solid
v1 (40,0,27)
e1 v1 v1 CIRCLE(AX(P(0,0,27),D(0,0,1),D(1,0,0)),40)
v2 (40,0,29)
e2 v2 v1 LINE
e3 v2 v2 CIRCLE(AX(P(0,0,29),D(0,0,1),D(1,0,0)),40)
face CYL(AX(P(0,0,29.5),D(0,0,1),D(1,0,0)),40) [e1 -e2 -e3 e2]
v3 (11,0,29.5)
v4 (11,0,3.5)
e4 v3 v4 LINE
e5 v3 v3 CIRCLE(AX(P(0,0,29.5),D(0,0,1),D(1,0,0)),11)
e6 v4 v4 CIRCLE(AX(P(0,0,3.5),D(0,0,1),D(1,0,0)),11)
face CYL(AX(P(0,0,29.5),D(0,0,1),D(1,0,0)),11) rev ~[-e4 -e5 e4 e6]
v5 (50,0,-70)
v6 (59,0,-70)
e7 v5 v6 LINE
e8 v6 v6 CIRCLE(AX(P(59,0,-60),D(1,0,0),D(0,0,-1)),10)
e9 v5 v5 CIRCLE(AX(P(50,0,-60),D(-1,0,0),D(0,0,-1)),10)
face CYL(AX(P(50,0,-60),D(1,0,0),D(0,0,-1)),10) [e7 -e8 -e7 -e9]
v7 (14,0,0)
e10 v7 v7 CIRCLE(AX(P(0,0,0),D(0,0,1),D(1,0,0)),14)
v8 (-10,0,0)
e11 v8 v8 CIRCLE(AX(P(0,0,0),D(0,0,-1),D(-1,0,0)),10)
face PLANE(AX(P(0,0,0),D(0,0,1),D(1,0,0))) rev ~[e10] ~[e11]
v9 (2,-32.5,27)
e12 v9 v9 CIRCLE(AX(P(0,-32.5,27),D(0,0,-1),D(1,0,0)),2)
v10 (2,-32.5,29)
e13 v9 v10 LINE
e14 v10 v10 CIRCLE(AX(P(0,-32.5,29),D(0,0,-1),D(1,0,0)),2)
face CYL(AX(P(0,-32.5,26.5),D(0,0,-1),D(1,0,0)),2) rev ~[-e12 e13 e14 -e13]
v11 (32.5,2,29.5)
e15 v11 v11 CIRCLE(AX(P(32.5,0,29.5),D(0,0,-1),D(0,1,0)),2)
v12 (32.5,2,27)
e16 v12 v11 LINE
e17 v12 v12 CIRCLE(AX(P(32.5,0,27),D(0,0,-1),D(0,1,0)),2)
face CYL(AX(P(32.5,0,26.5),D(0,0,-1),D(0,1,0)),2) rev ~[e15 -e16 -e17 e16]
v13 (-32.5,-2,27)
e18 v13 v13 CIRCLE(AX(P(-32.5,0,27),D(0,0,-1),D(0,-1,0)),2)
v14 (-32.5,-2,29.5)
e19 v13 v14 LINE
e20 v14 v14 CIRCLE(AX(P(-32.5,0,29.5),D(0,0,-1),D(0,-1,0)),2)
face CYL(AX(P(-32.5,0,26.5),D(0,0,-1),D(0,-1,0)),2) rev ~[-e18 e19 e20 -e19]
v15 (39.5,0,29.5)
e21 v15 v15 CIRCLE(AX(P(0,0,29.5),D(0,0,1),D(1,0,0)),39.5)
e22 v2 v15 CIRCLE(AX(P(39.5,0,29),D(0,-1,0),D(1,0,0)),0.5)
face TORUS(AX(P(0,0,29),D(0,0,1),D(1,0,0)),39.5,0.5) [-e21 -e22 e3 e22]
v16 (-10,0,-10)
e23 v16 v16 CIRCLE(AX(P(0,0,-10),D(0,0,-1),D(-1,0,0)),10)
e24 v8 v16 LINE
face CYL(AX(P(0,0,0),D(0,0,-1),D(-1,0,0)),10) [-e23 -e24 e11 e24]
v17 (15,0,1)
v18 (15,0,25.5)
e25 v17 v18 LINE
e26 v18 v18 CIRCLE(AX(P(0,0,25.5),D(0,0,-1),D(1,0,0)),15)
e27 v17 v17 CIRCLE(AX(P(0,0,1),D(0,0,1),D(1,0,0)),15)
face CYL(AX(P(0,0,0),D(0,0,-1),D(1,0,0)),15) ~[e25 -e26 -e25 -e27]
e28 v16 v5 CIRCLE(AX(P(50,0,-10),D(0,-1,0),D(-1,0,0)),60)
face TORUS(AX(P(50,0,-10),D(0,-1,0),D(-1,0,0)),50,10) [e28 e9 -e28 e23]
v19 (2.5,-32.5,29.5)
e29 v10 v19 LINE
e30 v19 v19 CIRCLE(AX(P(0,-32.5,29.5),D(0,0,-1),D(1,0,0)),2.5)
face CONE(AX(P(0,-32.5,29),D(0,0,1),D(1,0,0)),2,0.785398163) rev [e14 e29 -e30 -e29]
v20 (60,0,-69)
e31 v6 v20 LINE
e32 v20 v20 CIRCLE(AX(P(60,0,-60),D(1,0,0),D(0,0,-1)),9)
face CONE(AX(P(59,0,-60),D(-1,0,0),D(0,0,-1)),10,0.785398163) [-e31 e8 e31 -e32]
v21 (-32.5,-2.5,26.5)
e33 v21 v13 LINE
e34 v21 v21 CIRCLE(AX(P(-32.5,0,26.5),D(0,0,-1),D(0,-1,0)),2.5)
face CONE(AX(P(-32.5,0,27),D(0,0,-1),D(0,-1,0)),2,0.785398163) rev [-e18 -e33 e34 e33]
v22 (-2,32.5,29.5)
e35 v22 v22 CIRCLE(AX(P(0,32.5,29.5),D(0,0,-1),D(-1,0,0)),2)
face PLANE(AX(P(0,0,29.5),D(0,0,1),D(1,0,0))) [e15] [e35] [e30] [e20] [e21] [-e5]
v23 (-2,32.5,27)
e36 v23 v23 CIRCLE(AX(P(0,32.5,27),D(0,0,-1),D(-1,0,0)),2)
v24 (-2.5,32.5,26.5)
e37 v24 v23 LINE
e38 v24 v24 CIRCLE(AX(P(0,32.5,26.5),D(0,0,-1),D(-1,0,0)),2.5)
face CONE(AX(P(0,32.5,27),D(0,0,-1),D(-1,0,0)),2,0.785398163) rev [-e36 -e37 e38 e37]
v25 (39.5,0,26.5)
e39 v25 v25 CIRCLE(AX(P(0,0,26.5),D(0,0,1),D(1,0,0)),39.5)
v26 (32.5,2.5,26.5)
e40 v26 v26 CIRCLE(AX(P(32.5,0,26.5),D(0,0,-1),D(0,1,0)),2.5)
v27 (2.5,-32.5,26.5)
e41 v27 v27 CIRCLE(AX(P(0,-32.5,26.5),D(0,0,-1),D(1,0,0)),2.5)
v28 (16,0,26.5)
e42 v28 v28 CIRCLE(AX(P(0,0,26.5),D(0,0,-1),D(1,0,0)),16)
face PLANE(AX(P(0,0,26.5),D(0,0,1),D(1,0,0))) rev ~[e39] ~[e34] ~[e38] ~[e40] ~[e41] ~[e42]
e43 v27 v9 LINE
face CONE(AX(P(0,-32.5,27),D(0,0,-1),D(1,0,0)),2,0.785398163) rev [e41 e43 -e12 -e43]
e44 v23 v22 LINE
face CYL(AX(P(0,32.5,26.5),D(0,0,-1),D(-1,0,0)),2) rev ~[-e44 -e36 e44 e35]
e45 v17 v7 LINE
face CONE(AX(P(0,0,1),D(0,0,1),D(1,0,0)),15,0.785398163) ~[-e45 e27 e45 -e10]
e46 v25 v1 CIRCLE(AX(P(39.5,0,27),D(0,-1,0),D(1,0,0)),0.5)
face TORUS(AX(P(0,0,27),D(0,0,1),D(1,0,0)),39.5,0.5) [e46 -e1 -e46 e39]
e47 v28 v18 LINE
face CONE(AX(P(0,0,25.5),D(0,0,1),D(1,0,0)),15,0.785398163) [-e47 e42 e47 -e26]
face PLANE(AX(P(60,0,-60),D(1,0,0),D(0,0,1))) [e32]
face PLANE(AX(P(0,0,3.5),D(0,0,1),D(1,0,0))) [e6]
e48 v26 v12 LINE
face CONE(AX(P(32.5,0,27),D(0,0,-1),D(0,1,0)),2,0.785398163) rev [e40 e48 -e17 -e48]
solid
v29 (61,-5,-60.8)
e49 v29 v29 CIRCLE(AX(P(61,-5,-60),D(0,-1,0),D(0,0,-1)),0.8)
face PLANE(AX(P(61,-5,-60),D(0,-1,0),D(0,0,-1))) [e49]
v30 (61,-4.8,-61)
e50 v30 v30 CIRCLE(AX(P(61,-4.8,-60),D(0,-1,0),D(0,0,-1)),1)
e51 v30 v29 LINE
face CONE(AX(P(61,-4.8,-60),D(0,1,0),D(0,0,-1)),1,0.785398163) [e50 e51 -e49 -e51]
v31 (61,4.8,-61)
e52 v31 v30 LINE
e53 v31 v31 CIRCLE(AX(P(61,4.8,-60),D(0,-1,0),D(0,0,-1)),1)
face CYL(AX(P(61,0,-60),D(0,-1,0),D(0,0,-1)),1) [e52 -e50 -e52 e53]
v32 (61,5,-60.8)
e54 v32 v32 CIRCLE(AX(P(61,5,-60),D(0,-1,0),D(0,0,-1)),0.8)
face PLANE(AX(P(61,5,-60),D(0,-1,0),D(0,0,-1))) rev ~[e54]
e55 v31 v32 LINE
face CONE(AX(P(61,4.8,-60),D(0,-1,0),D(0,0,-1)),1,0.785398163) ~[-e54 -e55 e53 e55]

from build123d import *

# Parameters (mm, degrees)
SKETCH1_R           = 15
BOSS_EXTRUDE1_DEPTH = 29.5
SKETCH2_R           = 40
BOSS_EXTRUDE2_DEPTH = 3
CHAMFER1_SIZE       = 1
SKETCH3_R           = 11
CUT_EXTRUDE1_DEPTH  = 26
FILLET1_R           = 0.5
SKETCH4_R           = 2
CUT_EXTRUDE2_DEPTH  = 26
CIRPATTERN1_COUNT   = 4
CHAMFER2_SIZE       = 0.5
SKETCH6_R           = 10
CHAMFER3_SIZE       = 1
SKETCH7_R           = 1
BOSS_EXTRUDE3_DEPTH = 5
CHAMFER4_SIZE       = 0.2


with BuildPart() as part:
    # Sketch1 → Boss-Extrude1 (new body)
    with BuildSketch(Plane.XY):
        Circle(SKETCH1_R)
    extrude(amount=BOSS_EXTRUDE1_DEPTH)

    # Sketch2 → Boss-Extrude2 (add)
    with BuildSketch(Plane.XY.offset(29.5)):
        Circle(SKETCH2_R)
    extrude(amount=-BOSS_EXTRUDE2_DEPTH)

    # Chamfer1
    chamfer1_edges = [part.edges().sort_by_distance(p)[0] for p in [
        (-15, 0, 0),
        (-15, 0, 26.5),
    ]]
    chamfer(chamfer1_edges, length=CHAMFER1_SIZE)

    # Sketch3 → Cut-Extrude1 (cut)
    with BuildSketch(Plane.XY.offset(29.5)):
        Circle(SKETCH3_R)
    extrude(amount=-CUT_EXTRUDE1_DEPTH, mode=Mode.SUBTRACT)

    # Fillet1
    fillet1_edges = [part.edges().sort_by_distance(p)[0] for p in [
        (-40, 0, 26.5),
        (-40, 0, 29.5),
    ]]
    fillet(fillet1_edges, radius=FILLET1_R)

    # Sketch4 → Cut-Extrude2 (cut)
    with BuildSketch(Plane(origin=(0, 0, 26.5), x_dir=(-1, 0, 0), z_dir=(0, 0, -1))):
        with Locations((0, 32.5)):
            Circle(SKETCH4_R)
    cut_extrude2 = extrude(amount=-CUT_EXTRUDE2_DEPTH, mode=Mode.SUBTRACT)

    # CirPattern1: Cut-Extrude2 ×4 about axis
    cirpattern1_axis = Axis((0, 0, 0), (0, 0, 1))
    for i in range(1, CIRPATTERN1_COUNT):
        add(cut_extrude2.rotate(cirpattern1_axis, i * 360 / CIRPATTERN1_COUNT), mode=Mode.SUBTRACT)

    # Chamfer2
    chamfer2_edges = [part.edges().sort_by_distance(p)[0] for p in [
        (2, 32.5, 26.5),
        (32.5, -2, 26.5),
        (-2, -32.5, 29.5),
        (-2, -32.5, 26.5),
        (-32.5, 2, 26.5),
    ]]
    chamfer(chamfer2_edges, length=CHAMFER2_SIZE)

    # Sweep1: sweep along a path in Sketch5
    with BuildLine(Plane(origin=(0, 0, 0), x_dir=(1, 0, 0), z_dir=(0, 1, 0))) as sweep1_path:
        Line((0, 0), (0, 10))
        ThreePointArc((0, 10), (14.644660941, 45.355339059), (50, 60))
        Line((50, 60), (60, 60))
    # Sketch6 → Sweep1 (sweep)
    with BuildSketch(Plane(origin=(0, 0, 0), x_dir=(-1, 0, 0), z_dir=(0, 0, -1))):
        Circle(SKETCH6_R)
    sweep(path=sweep1_path.line)

    # Chamfer3
    chamfer3_edges = [part.edges().sort_by_distance(p)[0] for p in [
        (60, 0, -50),
    ]]
    chamfer(chamfer3_edges, length=CHAMFER3_SIZE)


with BuildPart() as body_2:
    # Sketch7 → Boss-Extrude3 (new, symmetric)
    with BuildSketch(Plane.XZ):
        with Locations(Location((61, -60, 0), (0, 0, 270))):
            Circle(SKETCH7_R)
    extrude(amount=BOSS_EXTRUDE3_DEPTH, both=True)

    # Chamfer4
    chamfer4_edges = [body_2.edges().sort_by_distance(p)[0] for p in [
        (61, 5, -59),
        (61, -5, -59),
    ]]
    chamfer(chamfer4_edges, length=CHAMFER4_SIZE)


solid = Compound([part.part, body_2.part])
